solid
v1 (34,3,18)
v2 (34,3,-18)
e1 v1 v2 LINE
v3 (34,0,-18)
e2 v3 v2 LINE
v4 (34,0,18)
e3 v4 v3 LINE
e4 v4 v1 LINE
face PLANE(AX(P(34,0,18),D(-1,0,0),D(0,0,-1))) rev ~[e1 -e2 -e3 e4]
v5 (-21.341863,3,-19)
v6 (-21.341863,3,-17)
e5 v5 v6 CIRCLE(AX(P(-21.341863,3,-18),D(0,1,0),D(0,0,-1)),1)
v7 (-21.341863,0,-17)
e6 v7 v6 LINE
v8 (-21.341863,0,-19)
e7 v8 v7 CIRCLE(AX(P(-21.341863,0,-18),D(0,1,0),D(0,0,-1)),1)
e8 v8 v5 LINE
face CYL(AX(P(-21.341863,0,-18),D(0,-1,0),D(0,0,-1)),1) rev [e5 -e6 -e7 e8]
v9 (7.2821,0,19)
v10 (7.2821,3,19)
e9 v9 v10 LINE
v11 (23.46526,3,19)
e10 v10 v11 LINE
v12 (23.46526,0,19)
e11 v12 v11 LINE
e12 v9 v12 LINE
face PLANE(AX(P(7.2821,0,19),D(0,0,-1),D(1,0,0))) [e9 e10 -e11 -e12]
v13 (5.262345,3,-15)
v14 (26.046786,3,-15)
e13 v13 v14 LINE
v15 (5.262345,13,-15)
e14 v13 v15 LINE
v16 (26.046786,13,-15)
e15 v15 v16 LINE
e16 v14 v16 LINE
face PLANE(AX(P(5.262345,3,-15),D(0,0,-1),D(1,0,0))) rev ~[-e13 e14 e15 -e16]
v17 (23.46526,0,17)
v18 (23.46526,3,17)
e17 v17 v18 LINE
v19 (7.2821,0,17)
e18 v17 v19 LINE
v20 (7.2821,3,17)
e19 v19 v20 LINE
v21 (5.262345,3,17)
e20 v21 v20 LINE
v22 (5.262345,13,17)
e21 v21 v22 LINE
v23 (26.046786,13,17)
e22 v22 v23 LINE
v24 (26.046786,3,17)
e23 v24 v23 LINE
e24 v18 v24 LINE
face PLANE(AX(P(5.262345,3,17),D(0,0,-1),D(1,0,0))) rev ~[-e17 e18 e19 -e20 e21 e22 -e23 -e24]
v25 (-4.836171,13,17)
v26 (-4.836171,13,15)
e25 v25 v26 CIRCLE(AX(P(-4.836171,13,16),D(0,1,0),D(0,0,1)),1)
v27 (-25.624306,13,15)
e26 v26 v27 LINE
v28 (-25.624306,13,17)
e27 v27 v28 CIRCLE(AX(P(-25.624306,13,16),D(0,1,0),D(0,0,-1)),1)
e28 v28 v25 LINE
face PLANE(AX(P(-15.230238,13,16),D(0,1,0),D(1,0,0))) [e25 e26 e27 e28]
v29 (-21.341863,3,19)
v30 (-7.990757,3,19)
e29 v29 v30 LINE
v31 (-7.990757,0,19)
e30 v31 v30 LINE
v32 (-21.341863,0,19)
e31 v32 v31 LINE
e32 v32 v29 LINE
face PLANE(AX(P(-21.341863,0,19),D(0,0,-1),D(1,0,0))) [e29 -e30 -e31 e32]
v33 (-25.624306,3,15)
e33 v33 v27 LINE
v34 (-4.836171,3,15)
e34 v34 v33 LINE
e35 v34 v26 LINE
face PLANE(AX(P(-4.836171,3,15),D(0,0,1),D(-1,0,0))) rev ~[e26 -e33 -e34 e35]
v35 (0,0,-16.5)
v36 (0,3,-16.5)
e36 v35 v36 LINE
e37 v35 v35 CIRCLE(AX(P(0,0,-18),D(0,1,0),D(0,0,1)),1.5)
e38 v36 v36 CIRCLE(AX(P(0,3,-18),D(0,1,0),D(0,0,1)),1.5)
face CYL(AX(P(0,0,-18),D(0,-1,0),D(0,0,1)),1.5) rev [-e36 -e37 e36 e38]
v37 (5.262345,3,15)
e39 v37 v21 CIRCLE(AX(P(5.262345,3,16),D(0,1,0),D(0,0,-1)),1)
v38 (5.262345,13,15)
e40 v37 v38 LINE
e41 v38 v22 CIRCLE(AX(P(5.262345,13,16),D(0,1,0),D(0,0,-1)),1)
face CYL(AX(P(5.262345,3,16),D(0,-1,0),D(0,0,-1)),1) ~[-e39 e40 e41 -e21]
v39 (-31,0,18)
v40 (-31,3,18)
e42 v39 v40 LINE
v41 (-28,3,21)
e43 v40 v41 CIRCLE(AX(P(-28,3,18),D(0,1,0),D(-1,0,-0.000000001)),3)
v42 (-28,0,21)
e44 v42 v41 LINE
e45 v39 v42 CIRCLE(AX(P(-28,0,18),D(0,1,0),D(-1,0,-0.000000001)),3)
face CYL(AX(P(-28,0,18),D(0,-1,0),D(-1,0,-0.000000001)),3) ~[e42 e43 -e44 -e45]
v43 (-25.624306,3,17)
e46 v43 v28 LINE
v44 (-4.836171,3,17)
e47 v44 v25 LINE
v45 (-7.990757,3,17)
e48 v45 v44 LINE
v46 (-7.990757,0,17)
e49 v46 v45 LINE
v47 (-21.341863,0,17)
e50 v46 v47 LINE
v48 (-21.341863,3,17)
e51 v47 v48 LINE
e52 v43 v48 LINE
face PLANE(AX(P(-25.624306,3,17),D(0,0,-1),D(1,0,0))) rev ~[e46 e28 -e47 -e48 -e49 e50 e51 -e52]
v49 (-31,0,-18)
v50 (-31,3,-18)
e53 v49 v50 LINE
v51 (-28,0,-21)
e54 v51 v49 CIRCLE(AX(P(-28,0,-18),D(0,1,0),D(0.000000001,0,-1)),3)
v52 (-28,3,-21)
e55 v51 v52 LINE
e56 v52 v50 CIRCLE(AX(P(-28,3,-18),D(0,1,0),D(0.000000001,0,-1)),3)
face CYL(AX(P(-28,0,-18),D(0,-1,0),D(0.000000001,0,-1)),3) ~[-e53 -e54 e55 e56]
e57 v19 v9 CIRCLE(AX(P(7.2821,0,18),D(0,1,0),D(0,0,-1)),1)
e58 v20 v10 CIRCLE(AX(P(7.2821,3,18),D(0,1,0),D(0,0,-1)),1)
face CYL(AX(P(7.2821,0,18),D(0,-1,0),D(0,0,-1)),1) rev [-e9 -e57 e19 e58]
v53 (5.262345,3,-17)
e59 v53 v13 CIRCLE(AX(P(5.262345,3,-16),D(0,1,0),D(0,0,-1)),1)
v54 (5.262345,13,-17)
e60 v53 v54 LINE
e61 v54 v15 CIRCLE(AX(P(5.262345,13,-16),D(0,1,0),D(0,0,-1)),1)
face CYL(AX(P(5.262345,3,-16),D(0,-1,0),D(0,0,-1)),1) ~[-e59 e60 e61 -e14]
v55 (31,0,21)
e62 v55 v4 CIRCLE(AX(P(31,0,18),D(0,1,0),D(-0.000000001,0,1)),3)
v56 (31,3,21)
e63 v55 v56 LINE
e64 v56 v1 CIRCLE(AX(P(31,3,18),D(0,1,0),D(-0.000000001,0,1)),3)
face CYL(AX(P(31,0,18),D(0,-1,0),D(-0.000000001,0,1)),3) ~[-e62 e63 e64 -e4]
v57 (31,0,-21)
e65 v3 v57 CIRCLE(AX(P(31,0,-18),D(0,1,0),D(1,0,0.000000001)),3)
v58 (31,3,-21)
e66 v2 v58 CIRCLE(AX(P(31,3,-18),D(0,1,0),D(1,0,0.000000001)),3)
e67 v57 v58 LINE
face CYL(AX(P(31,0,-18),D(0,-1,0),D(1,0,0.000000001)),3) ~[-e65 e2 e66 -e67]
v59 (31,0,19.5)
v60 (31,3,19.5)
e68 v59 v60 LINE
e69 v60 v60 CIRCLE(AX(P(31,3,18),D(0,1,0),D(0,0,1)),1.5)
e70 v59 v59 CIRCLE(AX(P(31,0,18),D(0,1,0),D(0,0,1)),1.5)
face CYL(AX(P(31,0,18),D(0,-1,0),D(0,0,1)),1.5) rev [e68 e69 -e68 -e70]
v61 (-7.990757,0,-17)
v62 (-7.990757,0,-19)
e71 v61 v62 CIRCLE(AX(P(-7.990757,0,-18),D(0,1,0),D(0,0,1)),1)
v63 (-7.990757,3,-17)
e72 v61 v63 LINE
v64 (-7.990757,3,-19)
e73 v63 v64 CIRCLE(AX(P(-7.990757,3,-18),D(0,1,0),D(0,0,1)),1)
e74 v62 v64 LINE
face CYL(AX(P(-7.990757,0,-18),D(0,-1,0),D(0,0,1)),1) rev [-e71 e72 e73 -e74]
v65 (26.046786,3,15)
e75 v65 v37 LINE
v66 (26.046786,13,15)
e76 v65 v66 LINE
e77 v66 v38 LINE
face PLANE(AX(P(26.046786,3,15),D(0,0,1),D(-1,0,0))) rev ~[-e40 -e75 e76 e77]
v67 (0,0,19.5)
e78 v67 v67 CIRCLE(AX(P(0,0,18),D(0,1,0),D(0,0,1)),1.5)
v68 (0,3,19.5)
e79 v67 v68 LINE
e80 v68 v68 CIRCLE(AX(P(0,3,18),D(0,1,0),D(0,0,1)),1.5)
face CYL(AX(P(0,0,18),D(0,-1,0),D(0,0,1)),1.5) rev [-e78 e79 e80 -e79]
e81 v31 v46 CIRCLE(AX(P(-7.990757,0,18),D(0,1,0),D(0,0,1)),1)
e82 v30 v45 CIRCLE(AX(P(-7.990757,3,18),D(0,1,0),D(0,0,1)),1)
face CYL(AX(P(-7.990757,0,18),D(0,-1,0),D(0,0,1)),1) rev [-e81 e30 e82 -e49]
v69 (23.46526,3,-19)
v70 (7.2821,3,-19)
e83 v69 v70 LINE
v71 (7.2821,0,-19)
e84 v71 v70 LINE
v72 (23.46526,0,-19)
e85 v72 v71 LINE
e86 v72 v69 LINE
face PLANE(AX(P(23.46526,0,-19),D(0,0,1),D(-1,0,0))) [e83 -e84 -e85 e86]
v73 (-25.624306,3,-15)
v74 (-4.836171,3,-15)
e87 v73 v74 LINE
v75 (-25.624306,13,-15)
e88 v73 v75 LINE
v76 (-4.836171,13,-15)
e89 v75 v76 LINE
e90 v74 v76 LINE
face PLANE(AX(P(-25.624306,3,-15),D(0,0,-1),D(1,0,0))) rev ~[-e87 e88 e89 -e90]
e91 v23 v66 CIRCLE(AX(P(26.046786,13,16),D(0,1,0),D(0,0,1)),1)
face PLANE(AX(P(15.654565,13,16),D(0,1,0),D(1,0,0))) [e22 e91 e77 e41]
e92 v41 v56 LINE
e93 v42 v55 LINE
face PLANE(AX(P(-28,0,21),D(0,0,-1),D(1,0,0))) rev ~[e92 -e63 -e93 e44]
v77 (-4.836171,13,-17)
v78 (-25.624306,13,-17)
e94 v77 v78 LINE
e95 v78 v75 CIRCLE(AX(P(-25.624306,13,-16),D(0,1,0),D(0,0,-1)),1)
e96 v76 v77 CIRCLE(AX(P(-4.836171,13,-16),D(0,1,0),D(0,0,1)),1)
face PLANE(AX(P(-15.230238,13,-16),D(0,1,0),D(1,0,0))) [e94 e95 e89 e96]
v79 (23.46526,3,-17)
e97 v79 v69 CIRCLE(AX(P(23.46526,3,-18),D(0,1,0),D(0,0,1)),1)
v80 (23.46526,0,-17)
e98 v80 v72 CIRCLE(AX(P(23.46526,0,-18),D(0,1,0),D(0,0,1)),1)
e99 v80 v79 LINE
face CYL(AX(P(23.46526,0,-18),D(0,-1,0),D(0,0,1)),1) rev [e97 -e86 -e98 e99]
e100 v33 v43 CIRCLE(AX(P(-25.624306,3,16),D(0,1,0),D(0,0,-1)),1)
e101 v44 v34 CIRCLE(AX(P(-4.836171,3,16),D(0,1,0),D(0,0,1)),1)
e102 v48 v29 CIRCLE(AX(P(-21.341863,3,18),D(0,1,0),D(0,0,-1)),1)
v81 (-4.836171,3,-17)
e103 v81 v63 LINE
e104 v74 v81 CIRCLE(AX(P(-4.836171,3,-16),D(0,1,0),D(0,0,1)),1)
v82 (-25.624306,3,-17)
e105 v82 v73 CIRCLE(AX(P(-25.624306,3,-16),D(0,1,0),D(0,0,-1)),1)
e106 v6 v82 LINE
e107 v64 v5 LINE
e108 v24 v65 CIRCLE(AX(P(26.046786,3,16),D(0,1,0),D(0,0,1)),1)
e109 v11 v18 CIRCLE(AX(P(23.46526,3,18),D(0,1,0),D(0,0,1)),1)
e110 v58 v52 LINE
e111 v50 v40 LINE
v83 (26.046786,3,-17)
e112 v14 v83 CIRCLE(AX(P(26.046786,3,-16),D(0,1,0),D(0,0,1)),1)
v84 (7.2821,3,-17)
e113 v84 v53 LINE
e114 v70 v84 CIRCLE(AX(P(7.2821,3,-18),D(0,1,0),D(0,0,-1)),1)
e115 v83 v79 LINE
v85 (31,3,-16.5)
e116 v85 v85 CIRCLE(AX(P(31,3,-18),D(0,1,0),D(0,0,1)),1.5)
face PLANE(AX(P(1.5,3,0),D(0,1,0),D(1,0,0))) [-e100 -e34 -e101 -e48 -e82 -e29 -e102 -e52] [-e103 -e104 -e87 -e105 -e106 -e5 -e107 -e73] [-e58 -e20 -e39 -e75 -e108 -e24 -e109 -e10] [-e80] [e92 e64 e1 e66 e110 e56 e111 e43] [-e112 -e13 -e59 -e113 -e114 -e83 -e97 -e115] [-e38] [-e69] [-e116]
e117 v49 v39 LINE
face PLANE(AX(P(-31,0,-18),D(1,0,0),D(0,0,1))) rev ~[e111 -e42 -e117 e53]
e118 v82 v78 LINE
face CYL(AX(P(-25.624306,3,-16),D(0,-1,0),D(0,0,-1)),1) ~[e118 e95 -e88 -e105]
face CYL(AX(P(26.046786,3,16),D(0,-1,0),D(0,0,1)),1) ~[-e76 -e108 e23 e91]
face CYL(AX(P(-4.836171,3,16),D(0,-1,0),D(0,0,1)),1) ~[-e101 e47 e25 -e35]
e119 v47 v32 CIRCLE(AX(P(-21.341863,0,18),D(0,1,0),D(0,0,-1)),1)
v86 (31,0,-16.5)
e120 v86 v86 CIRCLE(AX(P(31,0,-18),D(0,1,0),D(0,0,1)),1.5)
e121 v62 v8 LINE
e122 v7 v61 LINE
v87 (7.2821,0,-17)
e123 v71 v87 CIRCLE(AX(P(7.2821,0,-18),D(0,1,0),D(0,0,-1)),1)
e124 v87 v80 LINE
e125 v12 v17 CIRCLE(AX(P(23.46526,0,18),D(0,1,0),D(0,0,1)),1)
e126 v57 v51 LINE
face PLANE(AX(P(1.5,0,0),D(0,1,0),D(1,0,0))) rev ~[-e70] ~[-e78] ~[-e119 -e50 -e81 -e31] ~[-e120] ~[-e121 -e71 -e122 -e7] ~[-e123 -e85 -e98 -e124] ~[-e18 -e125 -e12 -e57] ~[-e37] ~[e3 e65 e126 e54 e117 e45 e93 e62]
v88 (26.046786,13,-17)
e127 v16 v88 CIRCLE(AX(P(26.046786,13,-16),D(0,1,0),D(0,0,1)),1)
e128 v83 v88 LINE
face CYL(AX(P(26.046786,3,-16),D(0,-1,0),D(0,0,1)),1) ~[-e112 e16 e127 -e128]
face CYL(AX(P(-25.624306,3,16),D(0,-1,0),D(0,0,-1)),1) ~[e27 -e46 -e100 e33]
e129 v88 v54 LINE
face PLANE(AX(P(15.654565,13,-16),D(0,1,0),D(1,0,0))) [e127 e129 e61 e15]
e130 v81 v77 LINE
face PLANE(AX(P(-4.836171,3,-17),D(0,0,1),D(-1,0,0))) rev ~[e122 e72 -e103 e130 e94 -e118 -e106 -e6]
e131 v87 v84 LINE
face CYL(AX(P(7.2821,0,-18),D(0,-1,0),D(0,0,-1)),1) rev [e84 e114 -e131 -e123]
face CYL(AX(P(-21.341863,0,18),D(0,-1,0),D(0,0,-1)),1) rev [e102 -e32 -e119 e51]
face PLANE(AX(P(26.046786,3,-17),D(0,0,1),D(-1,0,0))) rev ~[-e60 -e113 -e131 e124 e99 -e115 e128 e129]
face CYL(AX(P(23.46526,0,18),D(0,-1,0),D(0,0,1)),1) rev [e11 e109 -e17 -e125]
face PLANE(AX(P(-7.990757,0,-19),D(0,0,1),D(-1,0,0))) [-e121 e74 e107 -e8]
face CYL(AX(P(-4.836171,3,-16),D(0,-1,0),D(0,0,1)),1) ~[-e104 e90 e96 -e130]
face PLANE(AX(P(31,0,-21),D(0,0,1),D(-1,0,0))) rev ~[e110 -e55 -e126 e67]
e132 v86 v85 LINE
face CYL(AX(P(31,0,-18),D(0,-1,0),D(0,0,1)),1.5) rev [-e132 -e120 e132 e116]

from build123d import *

# Parameters (mm, degrees)
SKETCH1_R           = 1.5
BOSS_EXTRUDE1_DEPTH = 3
BOSS_EXTRUDE2_DEPTH = 10


with BuildPart() as part:
    # Sketch1 → Boss-Extrude1 (new body)
    with BuildSketch(Plane(origin=(0, 0, 0), x_dir=(1, 0, 0), z_dir=(0, 1, 0))):
        with BuildLine():
            Line((0, -21), (31, -21))
            ThreePointArc((31, -21), (33.121320344, -20.121320344), (34, -18))
            Line((34, -18), (34, 18))
            ThreePointArc((34, 18), (33.121320344, 20.121320344), (31, 21))
            Line((31, 21), (0, 21))
            Line((0, 21), (-28, 21))
            ThreePointArc((-28, 21), (-30.121320344, 20.121320344), (-31, 18))
            Line((-31, 18), (-31, -18))
            ThreePointArc((-31, -18), (-30.121320344, -20.121320344), (-28, -21))
            Line((-28, -21), (0, -21))
        make_face()
        with Locations(Location((0, 18, 0), (0, 0, 270))):
            Circle(SKETCH1_R, mode=Mode.SUBTRACT)
        with Locations(Location((31, 18, 0), (0, 0, 270))):
            Circle(SKETCH1_R, mode=Mode.SUBTRACT)
        with Locations(Location((31, -18, 0), (0, 0, 270))):
            Circle(SKETCH1_R, mode=Mode.SUBTRACT)
        with Locations(Location((0, -18, 0), (0, 0, 270))):
            Circle(SKETCH1_R, mode=Mode.SUBTRACT)
        with BuildLine():
            Line((-21.341863145, 17), (-7.990756516, 17))
            ThreePointArc((-7.990756516, 17), (-6.990756516, 18), (-7.990756516, 19))
            Line((-7.990756516, 19), (-21.341863145, 19))
            ThreePointArc((-21.341863145, 19), (-22.341863145, 18), (-21.341863145, 17))
        make_face(mode=Mode.SUBTRACT)
        with BuildLine():
            Line((7.282100309, 17), (23.465259859, 17))
            ThreePointArc((23.465259859, 17), (24.465259859, 18), (23.465259859, 19))
            Line((23.465259859, 19), (7.282100309, 19))
            ThreePointArc((7.282100309, 19), (6.282100309, 18), (7.282100309, 17))
        make_face(mode=Mode.SUBTRACT)
        with BuildLine():
            Line((-21.341863145, -19), (-7.990756516, -19))
            ThreePointArc((-7.990756516, -19), (-6.990756516, -18), (-7.990756516, -17))
            Line((-7.990756516, -17), (-21.341863145, -17))
            ThreePointArc((-21.341863145, -17), (-22.341863145, -18), (-21.341863145, -19))
        make_face(mode=Mode.SUBTRACT)
        with BuildLine():
            Line((7.282100309, -19), (23.465259859, -19))
            ThreePointArc((23.465259859, -19), (24.465259859, -18), (23.465259859, -17))
            Line((23.465259859, -17), (7.282100309, -17))
            ThreePointArc((7.282100309, -17), (6.282100309, -18), (7.282100309, -19))
        make_face(mode=Mode.SUBTRACT)
    extrude(amount=BOSS_EXTRUDE1_DEPTH)

    # Sketch2 → Boss-Extrude2 (add)
    with BuildSketch(Plane(origin=(0, 3, 0), x_dir=(1, 0, 0), z_dir=(0, 1, 0))):
        with BuildLine():
            Line((-4.836170767, -15), (-25.624305917, -15))
            ThreePointArc((-25.624305917, -15), (-26.624305917, -16), (-25.624305917, -17))
            Line((-25.624305917, -17), (-4.836170767, -17))
            ThreePointArc((-4.836170767, -17), (-3.836170767, -16), (-4.836170767, -15))
        make_face()
        with BuildLine():
            ThreePointArc((-25.624305917, 17), (-26.624305917, 16), (-25.624305917, 15))
            Line((-25.624305917, 15), (-4.836170767, 15))
            ThreePointArc((-4.836170767, 15), (-3.836170767, 16), (-4.836170767, 17))
            Line((-4.836170767, 17), (-25.624305917, 17))
        make_face()
        with BuildLine():
            Line((26.046785566, -15), (5.262345151, -15))
            ThreePointArc((5.262345151, -15), (4.262345151, -16), (5.262345151, -17))
            Line((5.262345151, -17), (26.046785566, -17))
            ThreePointArc((26.046785566, -17), (27.046785566, -16), (26.046785566, -15))
        make_face()
        with BuildLine():
            ThreePointArc((5.262345151, 17), (4.262345151, 16), (5.262345151, 15))
            Line((5.262345151, 15), (26.046785566, 15))
            ThreePointArc((26.046785566, 15), (27.046785566, 16), (26.046785566, 17))
            Line((26.046785566, 17), (5.262345151, 17))
        make_face()
    extrude(amount=BOSS_EXTRUDE2_DEPTH)


solid = part.part
